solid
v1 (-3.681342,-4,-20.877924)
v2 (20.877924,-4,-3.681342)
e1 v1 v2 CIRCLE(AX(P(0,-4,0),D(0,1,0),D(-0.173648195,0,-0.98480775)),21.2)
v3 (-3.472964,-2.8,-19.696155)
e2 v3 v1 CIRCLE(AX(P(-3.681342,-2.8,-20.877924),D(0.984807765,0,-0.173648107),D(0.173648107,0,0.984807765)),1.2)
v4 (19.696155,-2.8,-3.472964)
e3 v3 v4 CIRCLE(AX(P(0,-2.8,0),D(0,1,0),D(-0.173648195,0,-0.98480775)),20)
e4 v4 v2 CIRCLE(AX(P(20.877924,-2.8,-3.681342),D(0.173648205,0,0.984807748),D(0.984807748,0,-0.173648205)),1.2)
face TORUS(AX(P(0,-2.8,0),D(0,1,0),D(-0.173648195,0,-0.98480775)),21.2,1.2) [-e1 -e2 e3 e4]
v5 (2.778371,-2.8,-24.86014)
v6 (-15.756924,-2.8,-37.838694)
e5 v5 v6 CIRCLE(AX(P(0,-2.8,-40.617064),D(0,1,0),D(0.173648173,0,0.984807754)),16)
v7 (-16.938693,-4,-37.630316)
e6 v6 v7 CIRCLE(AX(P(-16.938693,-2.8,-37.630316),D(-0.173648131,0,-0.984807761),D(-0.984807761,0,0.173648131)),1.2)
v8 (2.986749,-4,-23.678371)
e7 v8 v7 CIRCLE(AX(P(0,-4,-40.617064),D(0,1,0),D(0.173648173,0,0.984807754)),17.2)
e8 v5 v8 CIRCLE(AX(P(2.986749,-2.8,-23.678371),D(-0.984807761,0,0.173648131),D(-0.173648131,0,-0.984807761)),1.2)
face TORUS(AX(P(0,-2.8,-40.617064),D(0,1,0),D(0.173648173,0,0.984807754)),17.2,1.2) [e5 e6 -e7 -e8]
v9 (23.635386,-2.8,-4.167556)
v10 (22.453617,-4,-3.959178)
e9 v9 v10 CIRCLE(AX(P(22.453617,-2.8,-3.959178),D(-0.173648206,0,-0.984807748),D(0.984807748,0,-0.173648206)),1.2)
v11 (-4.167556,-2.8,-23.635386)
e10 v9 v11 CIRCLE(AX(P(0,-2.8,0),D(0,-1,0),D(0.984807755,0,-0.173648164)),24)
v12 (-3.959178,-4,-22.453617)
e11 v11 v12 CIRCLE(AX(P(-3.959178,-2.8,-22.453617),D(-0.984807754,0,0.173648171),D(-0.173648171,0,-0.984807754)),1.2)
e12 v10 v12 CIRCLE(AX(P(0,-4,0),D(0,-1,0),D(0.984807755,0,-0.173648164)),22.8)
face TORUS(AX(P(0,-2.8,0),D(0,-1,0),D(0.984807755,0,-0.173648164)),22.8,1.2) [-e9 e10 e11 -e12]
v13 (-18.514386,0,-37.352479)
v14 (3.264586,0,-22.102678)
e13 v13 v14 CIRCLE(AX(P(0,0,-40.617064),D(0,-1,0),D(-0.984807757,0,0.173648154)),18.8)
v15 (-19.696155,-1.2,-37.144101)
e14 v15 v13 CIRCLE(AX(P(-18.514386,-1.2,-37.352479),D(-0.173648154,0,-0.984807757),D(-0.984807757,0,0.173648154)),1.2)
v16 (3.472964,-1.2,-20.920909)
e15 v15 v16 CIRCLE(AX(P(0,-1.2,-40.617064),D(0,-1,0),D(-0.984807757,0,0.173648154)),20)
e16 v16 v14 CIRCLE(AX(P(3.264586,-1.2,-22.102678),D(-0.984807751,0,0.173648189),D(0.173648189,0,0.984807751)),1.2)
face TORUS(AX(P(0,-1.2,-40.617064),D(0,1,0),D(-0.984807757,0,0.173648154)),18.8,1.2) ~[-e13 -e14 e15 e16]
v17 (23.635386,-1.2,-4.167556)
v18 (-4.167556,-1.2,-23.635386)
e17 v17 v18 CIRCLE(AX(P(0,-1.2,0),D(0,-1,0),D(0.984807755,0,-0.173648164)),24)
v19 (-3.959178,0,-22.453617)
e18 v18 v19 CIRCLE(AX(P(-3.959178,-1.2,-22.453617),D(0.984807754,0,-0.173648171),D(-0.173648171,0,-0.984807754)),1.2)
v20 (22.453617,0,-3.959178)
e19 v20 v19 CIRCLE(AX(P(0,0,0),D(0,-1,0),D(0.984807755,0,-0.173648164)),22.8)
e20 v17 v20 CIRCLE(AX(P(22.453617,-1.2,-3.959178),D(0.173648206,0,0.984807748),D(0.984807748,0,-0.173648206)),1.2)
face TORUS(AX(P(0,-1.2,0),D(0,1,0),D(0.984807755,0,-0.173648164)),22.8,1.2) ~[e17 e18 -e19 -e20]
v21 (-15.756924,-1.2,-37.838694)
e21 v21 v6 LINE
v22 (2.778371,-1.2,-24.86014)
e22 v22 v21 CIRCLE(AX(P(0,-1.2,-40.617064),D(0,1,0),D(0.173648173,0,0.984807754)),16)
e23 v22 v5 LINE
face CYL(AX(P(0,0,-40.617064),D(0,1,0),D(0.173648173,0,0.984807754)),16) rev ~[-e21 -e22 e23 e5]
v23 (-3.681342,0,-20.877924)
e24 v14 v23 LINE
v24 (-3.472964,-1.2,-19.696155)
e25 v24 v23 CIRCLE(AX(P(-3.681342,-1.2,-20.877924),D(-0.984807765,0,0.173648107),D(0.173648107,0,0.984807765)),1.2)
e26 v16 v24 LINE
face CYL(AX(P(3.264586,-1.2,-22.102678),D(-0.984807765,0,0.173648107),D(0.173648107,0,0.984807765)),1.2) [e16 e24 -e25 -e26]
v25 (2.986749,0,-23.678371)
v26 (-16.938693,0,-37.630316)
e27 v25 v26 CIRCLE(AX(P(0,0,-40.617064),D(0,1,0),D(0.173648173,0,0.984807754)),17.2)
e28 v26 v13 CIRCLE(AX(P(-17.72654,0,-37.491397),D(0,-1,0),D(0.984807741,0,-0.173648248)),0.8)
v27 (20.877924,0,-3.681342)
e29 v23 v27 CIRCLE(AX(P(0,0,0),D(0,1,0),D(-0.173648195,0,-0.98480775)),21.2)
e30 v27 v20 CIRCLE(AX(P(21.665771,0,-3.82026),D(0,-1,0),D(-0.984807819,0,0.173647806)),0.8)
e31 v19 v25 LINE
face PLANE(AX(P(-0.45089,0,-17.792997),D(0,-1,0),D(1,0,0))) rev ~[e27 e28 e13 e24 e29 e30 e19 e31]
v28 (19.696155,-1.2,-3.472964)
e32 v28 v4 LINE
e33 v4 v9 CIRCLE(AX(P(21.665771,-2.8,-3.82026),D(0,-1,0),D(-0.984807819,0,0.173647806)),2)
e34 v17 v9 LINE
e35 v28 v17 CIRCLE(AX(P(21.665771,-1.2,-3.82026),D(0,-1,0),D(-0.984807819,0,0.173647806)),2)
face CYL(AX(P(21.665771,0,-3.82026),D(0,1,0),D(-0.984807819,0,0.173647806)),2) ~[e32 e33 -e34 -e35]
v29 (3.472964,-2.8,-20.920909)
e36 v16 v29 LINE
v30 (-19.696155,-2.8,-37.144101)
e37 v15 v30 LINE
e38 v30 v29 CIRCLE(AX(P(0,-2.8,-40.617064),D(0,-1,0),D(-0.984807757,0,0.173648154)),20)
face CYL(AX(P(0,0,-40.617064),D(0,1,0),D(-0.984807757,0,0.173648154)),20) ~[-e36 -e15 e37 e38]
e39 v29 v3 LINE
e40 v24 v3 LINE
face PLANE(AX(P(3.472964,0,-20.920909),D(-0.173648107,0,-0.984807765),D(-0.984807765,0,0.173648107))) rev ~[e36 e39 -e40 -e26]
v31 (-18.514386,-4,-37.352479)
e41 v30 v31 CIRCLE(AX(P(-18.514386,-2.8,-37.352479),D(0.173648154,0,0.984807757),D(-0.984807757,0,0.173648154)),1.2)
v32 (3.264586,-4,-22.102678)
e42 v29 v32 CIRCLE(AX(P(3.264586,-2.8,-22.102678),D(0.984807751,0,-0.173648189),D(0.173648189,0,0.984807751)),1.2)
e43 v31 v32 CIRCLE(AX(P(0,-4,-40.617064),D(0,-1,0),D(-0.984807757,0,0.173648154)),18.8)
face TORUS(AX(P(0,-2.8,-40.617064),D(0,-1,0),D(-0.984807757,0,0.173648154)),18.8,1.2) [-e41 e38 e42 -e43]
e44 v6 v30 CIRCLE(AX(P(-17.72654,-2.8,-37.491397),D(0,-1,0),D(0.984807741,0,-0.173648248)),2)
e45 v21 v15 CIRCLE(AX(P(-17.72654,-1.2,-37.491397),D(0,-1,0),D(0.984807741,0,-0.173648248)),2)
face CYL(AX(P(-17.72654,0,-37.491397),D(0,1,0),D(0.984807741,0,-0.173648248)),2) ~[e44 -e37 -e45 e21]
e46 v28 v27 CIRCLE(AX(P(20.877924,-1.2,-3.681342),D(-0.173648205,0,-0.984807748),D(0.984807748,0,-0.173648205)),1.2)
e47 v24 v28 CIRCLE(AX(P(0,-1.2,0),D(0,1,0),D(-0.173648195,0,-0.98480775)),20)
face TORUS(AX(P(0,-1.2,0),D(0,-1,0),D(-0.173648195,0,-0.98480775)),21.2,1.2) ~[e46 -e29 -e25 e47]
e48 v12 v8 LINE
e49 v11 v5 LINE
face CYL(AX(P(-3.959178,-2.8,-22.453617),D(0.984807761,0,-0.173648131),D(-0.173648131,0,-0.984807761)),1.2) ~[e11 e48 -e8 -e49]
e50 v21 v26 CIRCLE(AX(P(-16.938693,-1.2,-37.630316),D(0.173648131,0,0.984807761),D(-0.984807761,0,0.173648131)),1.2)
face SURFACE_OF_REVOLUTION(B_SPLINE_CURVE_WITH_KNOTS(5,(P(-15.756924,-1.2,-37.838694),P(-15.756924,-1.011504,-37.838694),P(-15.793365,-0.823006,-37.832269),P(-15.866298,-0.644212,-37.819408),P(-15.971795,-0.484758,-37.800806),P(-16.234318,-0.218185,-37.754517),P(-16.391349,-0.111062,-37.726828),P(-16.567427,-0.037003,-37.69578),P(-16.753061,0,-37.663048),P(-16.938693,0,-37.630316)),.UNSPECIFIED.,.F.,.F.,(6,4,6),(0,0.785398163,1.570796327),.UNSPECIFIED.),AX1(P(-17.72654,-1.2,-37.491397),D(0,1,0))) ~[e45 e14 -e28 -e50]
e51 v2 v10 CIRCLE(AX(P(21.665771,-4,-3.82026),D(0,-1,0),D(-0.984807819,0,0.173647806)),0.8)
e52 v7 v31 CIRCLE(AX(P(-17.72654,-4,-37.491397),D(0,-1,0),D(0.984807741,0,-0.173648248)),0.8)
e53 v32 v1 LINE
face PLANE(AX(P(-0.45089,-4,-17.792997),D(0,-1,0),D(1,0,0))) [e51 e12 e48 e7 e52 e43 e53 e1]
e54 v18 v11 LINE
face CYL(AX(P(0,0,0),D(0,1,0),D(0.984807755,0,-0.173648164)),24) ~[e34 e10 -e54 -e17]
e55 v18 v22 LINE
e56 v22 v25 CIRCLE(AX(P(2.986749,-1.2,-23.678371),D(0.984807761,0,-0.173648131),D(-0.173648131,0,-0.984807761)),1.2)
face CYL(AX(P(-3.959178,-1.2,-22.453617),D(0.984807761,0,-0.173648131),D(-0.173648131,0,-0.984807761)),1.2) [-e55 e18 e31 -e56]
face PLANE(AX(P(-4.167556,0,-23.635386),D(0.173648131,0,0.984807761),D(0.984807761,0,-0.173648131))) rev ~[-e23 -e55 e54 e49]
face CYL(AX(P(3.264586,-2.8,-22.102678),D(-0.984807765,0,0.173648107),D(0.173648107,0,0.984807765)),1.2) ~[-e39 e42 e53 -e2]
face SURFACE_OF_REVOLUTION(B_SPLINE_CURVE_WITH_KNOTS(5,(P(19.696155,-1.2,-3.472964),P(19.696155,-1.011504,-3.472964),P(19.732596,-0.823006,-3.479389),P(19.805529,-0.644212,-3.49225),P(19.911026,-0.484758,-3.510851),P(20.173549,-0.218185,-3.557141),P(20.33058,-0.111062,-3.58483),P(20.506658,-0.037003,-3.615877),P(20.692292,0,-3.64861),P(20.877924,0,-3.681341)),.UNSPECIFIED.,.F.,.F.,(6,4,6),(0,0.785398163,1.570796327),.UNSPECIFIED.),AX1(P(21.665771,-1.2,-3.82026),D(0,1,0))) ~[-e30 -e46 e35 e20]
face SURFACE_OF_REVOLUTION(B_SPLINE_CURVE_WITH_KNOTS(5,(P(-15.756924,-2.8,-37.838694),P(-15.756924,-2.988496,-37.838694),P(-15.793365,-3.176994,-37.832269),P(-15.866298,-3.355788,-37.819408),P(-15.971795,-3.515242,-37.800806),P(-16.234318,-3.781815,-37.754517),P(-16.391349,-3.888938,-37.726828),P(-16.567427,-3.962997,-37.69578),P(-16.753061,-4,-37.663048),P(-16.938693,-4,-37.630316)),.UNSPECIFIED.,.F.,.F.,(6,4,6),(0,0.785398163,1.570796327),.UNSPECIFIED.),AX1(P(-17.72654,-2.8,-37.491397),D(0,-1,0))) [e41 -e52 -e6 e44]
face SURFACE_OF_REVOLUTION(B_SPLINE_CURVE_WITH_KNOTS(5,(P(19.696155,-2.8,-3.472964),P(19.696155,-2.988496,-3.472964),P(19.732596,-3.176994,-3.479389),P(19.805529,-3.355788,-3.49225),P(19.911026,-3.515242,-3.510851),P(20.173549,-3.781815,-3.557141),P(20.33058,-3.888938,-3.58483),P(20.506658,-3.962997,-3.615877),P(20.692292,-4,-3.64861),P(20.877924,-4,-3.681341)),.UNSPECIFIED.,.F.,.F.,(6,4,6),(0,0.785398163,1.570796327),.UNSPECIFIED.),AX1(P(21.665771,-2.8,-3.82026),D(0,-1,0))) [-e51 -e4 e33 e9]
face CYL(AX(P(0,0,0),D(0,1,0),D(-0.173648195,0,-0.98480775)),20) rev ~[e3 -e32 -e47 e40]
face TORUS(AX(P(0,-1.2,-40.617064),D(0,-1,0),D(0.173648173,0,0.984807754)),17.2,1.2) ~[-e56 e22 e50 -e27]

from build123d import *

# Parameters (mm, degrees)
F1_DEPTH = 4
F2_R     = 1.2


with BuildPart() as f1:
    # F0 (on Front) → F1 (new body)
    with BuildSketch(Plane.XZ):
        with BuildLine():
            ThreePointArc((-3.472964, -19.696155), (-11.471529, 16.383041), (19.696155, -3.472964))
            ThreePointArc((19.696155, -3.472964), (21.318474, -5.789875), (23.635386, -4.167556))
            ThreePointArc((23.635386, -4.167556), (-13.765834, 19.659649), (-4.167556, -23.635386))
            Line((-4.167556, -23.635386), (2.778371, -24.86014))
            ThreePointArc((2.778371, -24.86014), (9.177223, -53.723497), (-15.756924, -37.838694))
            ThreePointArc((-15.756924, -37.838694), (-17.379243, -35.521782), (-19.696155, -37.144101))
            ThreePointArc((-19.696155, -37.144101), (11.471529, -57.000105), (3.472964, -20.920909))
            Line((3.472964, -20.920909), (-3.472964, -19.696155))
        make_face()
    extrude(amount=F1_DEPTH)

    # F2
    f2_edges = [f1.edges().sort_by_distance(p)[0] for p in [
        (11.471529, -4, -57.000105),
        (11.471529, 0, -57.000105),
    ]]
    fillet(f2_edges, radius=F2_R)


solid = f1.part
